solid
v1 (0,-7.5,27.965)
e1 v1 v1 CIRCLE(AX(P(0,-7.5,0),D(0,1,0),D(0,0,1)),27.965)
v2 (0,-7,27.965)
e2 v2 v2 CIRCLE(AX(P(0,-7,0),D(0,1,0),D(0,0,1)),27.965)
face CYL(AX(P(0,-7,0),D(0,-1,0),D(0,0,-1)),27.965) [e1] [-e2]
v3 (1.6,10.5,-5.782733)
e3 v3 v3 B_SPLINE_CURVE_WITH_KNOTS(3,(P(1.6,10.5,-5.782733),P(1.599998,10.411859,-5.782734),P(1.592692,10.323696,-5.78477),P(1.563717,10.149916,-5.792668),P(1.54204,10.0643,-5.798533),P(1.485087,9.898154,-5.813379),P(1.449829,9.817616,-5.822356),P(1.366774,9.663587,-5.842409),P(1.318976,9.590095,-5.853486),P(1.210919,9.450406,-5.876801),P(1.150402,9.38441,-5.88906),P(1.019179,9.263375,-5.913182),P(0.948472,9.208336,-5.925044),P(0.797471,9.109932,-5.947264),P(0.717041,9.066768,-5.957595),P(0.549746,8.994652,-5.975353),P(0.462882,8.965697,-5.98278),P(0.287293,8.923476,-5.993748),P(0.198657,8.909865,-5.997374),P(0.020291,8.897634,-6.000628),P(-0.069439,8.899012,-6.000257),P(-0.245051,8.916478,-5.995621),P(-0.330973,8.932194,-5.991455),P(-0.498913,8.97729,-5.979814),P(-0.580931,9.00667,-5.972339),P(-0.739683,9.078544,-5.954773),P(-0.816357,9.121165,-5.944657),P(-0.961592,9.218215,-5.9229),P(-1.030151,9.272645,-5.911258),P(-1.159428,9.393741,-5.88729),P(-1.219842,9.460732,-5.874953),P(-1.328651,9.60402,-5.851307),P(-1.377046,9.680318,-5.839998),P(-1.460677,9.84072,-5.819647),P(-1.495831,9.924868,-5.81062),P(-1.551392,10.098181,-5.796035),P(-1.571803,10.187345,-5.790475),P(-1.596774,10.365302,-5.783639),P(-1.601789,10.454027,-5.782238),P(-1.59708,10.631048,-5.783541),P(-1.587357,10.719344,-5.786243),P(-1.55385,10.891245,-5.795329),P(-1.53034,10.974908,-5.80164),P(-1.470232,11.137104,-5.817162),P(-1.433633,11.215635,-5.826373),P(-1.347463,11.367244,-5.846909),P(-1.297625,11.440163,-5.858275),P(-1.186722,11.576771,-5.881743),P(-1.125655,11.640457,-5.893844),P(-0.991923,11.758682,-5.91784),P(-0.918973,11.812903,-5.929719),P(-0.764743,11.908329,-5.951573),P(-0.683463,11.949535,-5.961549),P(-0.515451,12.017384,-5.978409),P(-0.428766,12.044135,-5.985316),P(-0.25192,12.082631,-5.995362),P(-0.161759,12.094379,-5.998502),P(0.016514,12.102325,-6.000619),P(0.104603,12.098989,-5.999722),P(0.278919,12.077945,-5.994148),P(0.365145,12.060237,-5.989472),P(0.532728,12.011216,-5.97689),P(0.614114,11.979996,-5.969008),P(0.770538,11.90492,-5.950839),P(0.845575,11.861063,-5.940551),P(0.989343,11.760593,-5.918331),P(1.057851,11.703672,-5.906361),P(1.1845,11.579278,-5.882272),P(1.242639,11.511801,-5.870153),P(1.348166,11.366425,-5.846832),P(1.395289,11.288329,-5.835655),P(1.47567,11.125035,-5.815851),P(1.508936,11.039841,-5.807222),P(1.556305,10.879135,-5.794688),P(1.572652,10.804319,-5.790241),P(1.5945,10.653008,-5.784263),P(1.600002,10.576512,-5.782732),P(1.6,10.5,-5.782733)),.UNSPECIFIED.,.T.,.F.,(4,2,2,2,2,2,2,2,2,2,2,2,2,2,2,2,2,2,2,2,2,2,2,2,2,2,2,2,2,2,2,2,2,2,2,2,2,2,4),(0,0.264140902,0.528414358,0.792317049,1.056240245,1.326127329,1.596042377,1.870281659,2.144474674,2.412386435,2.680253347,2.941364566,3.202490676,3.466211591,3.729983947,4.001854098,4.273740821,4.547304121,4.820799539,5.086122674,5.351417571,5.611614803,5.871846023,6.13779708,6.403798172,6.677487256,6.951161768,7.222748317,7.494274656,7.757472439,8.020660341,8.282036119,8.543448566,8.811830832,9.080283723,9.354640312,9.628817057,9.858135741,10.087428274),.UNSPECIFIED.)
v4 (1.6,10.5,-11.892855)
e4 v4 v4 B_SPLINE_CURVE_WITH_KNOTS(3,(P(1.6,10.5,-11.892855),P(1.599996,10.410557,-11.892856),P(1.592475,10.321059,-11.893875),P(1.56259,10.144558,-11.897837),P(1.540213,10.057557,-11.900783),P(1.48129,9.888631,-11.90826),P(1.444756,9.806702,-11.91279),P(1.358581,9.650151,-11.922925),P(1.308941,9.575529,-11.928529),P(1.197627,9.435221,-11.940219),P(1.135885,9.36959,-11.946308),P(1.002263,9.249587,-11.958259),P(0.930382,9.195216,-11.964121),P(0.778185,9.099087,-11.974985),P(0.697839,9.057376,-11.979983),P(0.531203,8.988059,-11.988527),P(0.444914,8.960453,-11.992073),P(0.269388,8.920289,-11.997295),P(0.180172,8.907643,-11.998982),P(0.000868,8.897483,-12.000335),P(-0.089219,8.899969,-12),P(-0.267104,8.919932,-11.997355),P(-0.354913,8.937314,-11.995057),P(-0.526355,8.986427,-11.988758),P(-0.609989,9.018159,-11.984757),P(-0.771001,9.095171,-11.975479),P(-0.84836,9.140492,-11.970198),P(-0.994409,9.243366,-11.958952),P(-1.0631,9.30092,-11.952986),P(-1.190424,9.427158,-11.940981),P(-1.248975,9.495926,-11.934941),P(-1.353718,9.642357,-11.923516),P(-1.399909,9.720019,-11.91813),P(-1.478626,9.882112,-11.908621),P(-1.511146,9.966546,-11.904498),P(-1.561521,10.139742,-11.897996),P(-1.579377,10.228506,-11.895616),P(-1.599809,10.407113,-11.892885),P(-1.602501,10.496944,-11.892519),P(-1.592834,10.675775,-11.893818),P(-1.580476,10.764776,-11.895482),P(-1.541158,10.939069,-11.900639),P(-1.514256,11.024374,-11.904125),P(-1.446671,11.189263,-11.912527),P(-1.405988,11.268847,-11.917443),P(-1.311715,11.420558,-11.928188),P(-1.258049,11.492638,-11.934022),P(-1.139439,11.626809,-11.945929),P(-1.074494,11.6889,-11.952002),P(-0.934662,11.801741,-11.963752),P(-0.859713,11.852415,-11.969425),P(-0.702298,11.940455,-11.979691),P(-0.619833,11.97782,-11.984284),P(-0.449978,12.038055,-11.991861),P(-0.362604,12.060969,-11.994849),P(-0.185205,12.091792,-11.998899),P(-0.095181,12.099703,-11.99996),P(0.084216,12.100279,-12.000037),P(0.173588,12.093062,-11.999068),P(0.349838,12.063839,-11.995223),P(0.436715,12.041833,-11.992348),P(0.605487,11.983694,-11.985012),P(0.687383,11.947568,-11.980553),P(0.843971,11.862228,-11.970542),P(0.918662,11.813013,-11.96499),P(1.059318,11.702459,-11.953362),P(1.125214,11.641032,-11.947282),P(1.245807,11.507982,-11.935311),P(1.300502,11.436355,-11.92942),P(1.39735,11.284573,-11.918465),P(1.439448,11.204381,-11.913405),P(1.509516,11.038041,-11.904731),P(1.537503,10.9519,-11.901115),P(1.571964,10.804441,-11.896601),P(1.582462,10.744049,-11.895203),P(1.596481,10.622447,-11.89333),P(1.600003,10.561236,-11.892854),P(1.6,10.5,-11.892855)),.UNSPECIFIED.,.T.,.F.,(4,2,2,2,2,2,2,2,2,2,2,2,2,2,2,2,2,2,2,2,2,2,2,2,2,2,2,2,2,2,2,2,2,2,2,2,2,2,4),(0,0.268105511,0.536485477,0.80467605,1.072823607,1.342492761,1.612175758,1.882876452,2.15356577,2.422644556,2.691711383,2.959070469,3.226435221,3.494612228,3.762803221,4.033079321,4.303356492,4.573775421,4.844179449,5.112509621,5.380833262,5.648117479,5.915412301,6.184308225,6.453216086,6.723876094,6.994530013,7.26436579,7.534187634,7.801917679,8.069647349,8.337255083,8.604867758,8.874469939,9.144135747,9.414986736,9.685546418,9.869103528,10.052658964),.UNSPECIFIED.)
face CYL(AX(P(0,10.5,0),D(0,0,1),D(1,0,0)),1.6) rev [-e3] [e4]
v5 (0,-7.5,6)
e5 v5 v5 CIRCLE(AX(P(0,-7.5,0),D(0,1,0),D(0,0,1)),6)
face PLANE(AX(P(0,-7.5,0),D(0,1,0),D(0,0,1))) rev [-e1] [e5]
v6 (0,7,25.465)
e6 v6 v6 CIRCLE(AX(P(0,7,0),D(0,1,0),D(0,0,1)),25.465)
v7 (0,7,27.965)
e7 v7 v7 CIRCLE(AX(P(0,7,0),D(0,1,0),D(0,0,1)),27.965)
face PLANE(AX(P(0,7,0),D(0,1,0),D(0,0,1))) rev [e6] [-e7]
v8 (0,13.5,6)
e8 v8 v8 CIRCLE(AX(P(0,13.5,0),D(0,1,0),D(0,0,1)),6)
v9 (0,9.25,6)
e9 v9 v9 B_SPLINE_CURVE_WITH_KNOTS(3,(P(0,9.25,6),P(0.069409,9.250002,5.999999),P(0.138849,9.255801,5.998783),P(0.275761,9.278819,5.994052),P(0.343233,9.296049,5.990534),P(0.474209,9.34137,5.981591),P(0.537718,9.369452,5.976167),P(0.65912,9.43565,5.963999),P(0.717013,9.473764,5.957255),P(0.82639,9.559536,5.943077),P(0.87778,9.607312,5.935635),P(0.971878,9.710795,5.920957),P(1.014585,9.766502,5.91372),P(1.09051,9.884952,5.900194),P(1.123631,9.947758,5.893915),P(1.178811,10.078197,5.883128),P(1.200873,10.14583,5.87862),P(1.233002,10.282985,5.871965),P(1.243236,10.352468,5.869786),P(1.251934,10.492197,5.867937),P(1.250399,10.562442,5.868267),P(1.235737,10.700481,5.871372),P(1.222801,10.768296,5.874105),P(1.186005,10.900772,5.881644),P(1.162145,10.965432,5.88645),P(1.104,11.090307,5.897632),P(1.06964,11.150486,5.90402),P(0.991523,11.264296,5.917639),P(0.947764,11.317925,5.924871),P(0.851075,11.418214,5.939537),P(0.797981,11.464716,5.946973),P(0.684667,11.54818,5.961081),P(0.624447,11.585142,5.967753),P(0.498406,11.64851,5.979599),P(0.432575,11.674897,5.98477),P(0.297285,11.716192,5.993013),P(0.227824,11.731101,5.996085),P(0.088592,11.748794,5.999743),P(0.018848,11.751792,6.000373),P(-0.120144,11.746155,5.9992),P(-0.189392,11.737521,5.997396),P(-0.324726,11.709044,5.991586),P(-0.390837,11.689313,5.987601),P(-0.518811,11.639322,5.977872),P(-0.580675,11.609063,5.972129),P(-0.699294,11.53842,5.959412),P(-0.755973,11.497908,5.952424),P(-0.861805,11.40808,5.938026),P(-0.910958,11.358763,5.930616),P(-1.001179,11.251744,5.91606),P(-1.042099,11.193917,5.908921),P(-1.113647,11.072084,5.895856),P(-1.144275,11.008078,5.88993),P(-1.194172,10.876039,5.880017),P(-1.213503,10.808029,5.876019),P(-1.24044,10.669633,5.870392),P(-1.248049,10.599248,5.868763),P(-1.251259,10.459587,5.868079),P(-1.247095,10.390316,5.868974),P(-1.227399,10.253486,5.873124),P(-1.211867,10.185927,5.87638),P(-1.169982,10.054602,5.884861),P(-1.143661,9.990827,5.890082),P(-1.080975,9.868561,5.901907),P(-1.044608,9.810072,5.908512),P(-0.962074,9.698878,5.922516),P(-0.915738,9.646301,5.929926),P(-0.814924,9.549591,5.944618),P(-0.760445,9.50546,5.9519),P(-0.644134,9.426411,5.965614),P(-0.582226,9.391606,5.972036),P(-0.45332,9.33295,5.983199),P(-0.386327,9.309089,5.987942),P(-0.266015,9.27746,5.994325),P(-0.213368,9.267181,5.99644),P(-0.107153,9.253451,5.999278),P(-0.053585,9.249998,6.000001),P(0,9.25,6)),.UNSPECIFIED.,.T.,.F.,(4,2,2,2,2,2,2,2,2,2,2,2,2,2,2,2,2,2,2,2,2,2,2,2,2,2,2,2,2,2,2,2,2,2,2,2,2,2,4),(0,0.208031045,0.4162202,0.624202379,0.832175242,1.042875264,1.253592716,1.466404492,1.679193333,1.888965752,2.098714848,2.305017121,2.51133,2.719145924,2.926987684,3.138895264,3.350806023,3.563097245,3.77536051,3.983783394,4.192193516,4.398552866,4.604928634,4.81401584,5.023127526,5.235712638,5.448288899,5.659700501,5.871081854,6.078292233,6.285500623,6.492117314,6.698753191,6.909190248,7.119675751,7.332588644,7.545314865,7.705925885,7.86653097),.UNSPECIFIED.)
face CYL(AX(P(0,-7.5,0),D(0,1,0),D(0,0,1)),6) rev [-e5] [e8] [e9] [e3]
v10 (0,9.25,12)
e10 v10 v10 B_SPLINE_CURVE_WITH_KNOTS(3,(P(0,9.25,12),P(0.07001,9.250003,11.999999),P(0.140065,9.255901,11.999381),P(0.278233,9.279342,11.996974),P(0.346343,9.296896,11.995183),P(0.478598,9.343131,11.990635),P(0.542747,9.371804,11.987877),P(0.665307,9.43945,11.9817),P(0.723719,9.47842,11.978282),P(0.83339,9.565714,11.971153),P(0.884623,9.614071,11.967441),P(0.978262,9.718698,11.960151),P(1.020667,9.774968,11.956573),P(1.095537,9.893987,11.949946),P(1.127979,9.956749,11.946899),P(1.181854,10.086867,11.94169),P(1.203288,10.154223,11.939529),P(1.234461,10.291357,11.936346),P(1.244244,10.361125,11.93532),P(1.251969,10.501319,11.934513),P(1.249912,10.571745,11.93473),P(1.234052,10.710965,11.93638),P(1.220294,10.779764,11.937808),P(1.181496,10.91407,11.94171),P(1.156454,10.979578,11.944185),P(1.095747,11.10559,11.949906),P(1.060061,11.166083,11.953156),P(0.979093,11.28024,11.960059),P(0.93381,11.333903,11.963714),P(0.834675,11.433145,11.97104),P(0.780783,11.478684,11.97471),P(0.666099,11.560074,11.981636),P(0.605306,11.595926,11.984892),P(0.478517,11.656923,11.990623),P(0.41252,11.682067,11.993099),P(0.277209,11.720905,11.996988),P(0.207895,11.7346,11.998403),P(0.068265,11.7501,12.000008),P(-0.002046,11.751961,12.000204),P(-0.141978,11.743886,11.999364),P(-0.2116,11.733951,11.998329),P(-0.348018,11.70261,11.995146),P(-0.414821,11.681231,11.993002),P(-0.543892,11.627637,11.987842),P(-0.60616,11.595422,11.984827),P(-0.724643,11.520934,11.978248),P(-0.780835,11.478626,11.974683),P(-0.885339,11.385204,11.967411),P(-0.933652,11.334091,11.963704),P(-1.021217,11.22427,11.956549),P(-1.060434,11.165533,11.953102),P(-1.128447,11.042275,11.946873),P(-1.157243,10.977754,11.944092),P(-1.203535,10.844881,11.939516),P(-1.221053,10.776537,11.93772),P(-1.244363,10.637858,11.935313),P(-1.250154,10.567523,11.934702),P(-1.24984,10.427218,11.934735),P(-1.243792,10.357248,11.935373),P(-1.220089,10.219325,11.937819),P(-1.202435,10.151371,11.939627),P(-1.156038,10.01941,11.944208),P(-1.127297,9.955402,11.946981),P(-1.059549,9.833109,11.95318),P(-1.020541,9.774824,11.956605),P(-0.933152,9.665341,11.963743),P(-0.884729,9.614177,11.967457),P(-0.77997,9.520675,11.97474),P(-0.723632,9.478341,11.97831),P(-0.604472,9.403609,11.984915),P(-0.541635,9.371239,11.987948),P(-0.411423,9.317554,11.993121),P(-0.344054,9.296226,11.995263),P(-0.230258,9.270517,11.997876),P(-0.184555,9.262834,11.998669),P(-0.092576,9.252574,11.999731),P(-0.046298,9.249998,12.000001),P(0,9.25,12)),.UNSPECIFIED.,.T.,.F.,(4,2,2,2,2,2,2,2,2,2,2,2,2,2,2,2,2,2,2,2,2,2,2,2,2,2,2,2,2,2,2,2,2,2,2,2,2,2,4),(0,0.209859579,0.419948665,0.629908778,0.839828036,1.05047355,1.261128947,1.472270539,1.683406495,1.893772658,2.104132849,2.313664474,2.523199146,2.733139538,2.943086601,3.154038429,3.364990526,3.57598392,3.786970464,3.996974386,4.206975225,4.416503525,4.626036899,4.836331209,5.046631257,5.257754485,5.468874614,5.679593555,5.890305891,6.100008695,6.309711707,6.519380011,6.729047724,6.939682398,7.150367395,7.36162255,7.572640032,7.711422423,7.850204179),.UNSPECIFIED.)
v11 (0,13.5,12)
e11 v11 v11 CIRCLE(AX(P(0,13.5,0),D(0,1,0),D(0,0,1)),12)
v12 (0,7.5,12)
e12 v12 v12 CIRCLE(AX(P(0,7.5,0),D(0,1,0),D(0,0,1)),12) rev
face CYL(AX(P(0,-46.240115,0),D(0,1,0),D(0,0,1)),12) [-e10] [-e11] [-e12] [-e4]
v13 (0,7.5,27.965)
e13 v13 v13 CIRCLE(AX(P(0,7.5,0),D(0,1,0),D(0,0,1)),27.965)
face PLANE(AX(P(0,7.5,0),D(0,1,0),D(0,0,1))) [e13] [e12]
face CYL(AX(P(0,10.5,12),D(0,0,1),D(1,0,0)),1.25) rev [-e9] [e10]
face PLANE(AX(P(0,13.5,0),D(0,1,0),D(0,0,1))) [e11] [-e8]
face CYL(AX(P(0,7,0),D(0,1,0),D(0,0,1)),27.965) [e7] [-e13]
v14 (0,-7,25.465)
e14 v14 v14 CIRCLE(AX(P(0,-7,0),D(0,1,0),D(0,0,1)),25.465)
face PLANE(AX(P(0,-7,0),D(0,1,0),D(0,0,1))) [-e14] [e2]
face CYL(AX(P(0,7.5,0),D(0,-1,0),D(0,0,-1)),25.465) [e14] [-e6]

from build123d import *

# Parameters (mm, degrees)
CROQUIS1_R                 = 25.465
SALIENTE_EXTRUIR1_DEPTH    = 7.5
CROQUIS2_R                 = 27.965
SALIENTE_EXTRUIR2_DEPTH    = 0.5
SALIENTE_EXTRUIR3_START    = -14.5
CROQUIS2_2_R               = 27.965
SALIENTE_EXTRUIR3_DEPTH    = 0.5
CROQUIS3_R                 = 19
SALIENTE_EXTRUIR4_DEPTH    = 21
CORTAR_EXTRUIR1_DEPTH      = 45.545846608
CORTAR_EXTRUIR1_DEPTH_BACK = 45.545846608
CROQUIS4_R                 = 6
CORTAR_EXTRUIR2_START      = -6
CROQUIS5_R                 = 19
CROQUIS5_R_2               = 12
CORTAR_EXTRUIR2_DEPTH      = 6
TALADRO_ROSCADO_M31_REACH  = 60.109
TALADRO_ROSCADO_M31_BORE_R = 1.25
CROQUIS10_W                = 1.6
CROQUIS10_H                = 12


with BuildPart() as part:
    # Croquis1 → Saliente-Extruir1 (new, symmetric)
    with BuildSketch(Plane(origin=(0, 0, 0), x_dir=(-1, 0, 0), z_dir=(0, 1, 0))):
        with Locations(Location((0, 0, 0), (0, 0, 90))):
            Circle(CROQUIS1_R)
    extrude(amount=SALIENTE_EXTRUIR1_DEPTH, both=True)

    # Croquis2 → Saliente-Extruir2 (add)
    with BuildSketch(Plane(origin=(0, 7.5, 0), x_dir=(-1, 0, 0), z_dir=(0, 1, 0))):
        with Locations(Location((0, 0, 0), (0, 0, 90))):
            Circle(CROQUIS2_R)
    extrude(amount=-SALIENTE_EXTRUIR2_DEPTH)

    # Croquis2<2> → Saliente-Extruir3 (add)
    with BuildSketch(Plane(origin=(0, 7.5, 0), x_dir=(-1, 0, 0), z_dir=(0, 1, 0)).offset(SALIENTE_EXTRUIR3_START)):
        with Locations(Location((0, 0, 0), (0, 0, 90))):
            Circle(CROQUIS2_2_R)
    extrude(amount=-SALIENTE_EXTRUIR3_DEPTH)

    # Croquis3 → Saliente-Extruir4 (add)
    with BuildSketch(Plane(origin=(0, -7.5, 0), x_dir=(-1, 0, 0), z_dir=(0, 1, 0))):
        with Locations(Location((0, 0, 0), (0, 0, 270))):
            Circle(CROQUIS3_R)
    extrude(amount=SALIENTE_EXTRUIR4_DEPTH)

    # Croquis4 → Cortar-Extruir1 (cut, two sides: drawn at the far end of the back side and taken through both)
    with BuildSketch(Plane(origin=(0, -7, 0), x_dir=(-1, 0, 0), z_dir=(0, 1, 0)).offset(-CORTAR_EXTRUIR1_DEPTH_BACK)):
        with Locations(Location((0, 0, 0), (0, 0, 90))):
            Circle(CROQUIS4_R)
    extrude(amount=CORTAR_EXTRUIR1_DEPTH + CORTAR_EXTRUIR1_DEPTH_BACK, mode=Mode.SUBTRACT)

    # Croquis5 → Cortar-Extruir2 (cut)
    with BuildSketch(Plane(origin=(0, 13.5, 0), x_dir=(-1, 0, 0), z_dir=(0, 1, 0)).offset(CORTAR_EXTRUIR2_START)):
        Circle(CROQUIS5_R)
        with Locations(Location((0, 0, 0), (0, 0, 90))):
            Circle(CROQUIS5_R_2, mode=Mode.SUBTRACT)
    extrude(amount=CORTAR_EXTRUIR2_DEPTH, mode=Mode.SUBTRACT)

    # Taladro roscado M31 bore → Taladro roscado M31 (cut, up to next)
    with BuildSketch(Plane(origin=(-12, 0, 12), x_dir=(0, 1, 0), z_dir=(0, 0, 1)), mode=Mode.PRIVATE) as taladro_roscado_m31_sk1:
        with Locations((10.5, -12)):
            Circle(TALADRO_ROSCADO_M31_BORE_R)
    taladro_roscado_m31_tool1 = extrude(taladro_roscado_m31_sk1.sketch, amount=-TALADRO_ROSCADO_M31_REACH, mode=Mode.PRIVATE) & part.part
    add(taladro_roscado_m31_tool1.solids().sort_by_distance((0, 10.5, 12))[0], mode=Mode.SUBTRACT)

    # Croquis10 → Taladro de margen para M32 (revolve, cut)
    with BuildSketch(Plane(origin=(0, 10.5, 0), x_dir=(0, -1, 0), z_dir=(1, 0, 0))):
        with Locations((0.8, 6)):
            Rectangle(CROQUIS10_W, CROQUIS10_H)
    revolve(axis=Axis((0, 10.5, 6.35), (0, 0, -1)), mode=Mode.SUBTRACT)


solid = part.part
